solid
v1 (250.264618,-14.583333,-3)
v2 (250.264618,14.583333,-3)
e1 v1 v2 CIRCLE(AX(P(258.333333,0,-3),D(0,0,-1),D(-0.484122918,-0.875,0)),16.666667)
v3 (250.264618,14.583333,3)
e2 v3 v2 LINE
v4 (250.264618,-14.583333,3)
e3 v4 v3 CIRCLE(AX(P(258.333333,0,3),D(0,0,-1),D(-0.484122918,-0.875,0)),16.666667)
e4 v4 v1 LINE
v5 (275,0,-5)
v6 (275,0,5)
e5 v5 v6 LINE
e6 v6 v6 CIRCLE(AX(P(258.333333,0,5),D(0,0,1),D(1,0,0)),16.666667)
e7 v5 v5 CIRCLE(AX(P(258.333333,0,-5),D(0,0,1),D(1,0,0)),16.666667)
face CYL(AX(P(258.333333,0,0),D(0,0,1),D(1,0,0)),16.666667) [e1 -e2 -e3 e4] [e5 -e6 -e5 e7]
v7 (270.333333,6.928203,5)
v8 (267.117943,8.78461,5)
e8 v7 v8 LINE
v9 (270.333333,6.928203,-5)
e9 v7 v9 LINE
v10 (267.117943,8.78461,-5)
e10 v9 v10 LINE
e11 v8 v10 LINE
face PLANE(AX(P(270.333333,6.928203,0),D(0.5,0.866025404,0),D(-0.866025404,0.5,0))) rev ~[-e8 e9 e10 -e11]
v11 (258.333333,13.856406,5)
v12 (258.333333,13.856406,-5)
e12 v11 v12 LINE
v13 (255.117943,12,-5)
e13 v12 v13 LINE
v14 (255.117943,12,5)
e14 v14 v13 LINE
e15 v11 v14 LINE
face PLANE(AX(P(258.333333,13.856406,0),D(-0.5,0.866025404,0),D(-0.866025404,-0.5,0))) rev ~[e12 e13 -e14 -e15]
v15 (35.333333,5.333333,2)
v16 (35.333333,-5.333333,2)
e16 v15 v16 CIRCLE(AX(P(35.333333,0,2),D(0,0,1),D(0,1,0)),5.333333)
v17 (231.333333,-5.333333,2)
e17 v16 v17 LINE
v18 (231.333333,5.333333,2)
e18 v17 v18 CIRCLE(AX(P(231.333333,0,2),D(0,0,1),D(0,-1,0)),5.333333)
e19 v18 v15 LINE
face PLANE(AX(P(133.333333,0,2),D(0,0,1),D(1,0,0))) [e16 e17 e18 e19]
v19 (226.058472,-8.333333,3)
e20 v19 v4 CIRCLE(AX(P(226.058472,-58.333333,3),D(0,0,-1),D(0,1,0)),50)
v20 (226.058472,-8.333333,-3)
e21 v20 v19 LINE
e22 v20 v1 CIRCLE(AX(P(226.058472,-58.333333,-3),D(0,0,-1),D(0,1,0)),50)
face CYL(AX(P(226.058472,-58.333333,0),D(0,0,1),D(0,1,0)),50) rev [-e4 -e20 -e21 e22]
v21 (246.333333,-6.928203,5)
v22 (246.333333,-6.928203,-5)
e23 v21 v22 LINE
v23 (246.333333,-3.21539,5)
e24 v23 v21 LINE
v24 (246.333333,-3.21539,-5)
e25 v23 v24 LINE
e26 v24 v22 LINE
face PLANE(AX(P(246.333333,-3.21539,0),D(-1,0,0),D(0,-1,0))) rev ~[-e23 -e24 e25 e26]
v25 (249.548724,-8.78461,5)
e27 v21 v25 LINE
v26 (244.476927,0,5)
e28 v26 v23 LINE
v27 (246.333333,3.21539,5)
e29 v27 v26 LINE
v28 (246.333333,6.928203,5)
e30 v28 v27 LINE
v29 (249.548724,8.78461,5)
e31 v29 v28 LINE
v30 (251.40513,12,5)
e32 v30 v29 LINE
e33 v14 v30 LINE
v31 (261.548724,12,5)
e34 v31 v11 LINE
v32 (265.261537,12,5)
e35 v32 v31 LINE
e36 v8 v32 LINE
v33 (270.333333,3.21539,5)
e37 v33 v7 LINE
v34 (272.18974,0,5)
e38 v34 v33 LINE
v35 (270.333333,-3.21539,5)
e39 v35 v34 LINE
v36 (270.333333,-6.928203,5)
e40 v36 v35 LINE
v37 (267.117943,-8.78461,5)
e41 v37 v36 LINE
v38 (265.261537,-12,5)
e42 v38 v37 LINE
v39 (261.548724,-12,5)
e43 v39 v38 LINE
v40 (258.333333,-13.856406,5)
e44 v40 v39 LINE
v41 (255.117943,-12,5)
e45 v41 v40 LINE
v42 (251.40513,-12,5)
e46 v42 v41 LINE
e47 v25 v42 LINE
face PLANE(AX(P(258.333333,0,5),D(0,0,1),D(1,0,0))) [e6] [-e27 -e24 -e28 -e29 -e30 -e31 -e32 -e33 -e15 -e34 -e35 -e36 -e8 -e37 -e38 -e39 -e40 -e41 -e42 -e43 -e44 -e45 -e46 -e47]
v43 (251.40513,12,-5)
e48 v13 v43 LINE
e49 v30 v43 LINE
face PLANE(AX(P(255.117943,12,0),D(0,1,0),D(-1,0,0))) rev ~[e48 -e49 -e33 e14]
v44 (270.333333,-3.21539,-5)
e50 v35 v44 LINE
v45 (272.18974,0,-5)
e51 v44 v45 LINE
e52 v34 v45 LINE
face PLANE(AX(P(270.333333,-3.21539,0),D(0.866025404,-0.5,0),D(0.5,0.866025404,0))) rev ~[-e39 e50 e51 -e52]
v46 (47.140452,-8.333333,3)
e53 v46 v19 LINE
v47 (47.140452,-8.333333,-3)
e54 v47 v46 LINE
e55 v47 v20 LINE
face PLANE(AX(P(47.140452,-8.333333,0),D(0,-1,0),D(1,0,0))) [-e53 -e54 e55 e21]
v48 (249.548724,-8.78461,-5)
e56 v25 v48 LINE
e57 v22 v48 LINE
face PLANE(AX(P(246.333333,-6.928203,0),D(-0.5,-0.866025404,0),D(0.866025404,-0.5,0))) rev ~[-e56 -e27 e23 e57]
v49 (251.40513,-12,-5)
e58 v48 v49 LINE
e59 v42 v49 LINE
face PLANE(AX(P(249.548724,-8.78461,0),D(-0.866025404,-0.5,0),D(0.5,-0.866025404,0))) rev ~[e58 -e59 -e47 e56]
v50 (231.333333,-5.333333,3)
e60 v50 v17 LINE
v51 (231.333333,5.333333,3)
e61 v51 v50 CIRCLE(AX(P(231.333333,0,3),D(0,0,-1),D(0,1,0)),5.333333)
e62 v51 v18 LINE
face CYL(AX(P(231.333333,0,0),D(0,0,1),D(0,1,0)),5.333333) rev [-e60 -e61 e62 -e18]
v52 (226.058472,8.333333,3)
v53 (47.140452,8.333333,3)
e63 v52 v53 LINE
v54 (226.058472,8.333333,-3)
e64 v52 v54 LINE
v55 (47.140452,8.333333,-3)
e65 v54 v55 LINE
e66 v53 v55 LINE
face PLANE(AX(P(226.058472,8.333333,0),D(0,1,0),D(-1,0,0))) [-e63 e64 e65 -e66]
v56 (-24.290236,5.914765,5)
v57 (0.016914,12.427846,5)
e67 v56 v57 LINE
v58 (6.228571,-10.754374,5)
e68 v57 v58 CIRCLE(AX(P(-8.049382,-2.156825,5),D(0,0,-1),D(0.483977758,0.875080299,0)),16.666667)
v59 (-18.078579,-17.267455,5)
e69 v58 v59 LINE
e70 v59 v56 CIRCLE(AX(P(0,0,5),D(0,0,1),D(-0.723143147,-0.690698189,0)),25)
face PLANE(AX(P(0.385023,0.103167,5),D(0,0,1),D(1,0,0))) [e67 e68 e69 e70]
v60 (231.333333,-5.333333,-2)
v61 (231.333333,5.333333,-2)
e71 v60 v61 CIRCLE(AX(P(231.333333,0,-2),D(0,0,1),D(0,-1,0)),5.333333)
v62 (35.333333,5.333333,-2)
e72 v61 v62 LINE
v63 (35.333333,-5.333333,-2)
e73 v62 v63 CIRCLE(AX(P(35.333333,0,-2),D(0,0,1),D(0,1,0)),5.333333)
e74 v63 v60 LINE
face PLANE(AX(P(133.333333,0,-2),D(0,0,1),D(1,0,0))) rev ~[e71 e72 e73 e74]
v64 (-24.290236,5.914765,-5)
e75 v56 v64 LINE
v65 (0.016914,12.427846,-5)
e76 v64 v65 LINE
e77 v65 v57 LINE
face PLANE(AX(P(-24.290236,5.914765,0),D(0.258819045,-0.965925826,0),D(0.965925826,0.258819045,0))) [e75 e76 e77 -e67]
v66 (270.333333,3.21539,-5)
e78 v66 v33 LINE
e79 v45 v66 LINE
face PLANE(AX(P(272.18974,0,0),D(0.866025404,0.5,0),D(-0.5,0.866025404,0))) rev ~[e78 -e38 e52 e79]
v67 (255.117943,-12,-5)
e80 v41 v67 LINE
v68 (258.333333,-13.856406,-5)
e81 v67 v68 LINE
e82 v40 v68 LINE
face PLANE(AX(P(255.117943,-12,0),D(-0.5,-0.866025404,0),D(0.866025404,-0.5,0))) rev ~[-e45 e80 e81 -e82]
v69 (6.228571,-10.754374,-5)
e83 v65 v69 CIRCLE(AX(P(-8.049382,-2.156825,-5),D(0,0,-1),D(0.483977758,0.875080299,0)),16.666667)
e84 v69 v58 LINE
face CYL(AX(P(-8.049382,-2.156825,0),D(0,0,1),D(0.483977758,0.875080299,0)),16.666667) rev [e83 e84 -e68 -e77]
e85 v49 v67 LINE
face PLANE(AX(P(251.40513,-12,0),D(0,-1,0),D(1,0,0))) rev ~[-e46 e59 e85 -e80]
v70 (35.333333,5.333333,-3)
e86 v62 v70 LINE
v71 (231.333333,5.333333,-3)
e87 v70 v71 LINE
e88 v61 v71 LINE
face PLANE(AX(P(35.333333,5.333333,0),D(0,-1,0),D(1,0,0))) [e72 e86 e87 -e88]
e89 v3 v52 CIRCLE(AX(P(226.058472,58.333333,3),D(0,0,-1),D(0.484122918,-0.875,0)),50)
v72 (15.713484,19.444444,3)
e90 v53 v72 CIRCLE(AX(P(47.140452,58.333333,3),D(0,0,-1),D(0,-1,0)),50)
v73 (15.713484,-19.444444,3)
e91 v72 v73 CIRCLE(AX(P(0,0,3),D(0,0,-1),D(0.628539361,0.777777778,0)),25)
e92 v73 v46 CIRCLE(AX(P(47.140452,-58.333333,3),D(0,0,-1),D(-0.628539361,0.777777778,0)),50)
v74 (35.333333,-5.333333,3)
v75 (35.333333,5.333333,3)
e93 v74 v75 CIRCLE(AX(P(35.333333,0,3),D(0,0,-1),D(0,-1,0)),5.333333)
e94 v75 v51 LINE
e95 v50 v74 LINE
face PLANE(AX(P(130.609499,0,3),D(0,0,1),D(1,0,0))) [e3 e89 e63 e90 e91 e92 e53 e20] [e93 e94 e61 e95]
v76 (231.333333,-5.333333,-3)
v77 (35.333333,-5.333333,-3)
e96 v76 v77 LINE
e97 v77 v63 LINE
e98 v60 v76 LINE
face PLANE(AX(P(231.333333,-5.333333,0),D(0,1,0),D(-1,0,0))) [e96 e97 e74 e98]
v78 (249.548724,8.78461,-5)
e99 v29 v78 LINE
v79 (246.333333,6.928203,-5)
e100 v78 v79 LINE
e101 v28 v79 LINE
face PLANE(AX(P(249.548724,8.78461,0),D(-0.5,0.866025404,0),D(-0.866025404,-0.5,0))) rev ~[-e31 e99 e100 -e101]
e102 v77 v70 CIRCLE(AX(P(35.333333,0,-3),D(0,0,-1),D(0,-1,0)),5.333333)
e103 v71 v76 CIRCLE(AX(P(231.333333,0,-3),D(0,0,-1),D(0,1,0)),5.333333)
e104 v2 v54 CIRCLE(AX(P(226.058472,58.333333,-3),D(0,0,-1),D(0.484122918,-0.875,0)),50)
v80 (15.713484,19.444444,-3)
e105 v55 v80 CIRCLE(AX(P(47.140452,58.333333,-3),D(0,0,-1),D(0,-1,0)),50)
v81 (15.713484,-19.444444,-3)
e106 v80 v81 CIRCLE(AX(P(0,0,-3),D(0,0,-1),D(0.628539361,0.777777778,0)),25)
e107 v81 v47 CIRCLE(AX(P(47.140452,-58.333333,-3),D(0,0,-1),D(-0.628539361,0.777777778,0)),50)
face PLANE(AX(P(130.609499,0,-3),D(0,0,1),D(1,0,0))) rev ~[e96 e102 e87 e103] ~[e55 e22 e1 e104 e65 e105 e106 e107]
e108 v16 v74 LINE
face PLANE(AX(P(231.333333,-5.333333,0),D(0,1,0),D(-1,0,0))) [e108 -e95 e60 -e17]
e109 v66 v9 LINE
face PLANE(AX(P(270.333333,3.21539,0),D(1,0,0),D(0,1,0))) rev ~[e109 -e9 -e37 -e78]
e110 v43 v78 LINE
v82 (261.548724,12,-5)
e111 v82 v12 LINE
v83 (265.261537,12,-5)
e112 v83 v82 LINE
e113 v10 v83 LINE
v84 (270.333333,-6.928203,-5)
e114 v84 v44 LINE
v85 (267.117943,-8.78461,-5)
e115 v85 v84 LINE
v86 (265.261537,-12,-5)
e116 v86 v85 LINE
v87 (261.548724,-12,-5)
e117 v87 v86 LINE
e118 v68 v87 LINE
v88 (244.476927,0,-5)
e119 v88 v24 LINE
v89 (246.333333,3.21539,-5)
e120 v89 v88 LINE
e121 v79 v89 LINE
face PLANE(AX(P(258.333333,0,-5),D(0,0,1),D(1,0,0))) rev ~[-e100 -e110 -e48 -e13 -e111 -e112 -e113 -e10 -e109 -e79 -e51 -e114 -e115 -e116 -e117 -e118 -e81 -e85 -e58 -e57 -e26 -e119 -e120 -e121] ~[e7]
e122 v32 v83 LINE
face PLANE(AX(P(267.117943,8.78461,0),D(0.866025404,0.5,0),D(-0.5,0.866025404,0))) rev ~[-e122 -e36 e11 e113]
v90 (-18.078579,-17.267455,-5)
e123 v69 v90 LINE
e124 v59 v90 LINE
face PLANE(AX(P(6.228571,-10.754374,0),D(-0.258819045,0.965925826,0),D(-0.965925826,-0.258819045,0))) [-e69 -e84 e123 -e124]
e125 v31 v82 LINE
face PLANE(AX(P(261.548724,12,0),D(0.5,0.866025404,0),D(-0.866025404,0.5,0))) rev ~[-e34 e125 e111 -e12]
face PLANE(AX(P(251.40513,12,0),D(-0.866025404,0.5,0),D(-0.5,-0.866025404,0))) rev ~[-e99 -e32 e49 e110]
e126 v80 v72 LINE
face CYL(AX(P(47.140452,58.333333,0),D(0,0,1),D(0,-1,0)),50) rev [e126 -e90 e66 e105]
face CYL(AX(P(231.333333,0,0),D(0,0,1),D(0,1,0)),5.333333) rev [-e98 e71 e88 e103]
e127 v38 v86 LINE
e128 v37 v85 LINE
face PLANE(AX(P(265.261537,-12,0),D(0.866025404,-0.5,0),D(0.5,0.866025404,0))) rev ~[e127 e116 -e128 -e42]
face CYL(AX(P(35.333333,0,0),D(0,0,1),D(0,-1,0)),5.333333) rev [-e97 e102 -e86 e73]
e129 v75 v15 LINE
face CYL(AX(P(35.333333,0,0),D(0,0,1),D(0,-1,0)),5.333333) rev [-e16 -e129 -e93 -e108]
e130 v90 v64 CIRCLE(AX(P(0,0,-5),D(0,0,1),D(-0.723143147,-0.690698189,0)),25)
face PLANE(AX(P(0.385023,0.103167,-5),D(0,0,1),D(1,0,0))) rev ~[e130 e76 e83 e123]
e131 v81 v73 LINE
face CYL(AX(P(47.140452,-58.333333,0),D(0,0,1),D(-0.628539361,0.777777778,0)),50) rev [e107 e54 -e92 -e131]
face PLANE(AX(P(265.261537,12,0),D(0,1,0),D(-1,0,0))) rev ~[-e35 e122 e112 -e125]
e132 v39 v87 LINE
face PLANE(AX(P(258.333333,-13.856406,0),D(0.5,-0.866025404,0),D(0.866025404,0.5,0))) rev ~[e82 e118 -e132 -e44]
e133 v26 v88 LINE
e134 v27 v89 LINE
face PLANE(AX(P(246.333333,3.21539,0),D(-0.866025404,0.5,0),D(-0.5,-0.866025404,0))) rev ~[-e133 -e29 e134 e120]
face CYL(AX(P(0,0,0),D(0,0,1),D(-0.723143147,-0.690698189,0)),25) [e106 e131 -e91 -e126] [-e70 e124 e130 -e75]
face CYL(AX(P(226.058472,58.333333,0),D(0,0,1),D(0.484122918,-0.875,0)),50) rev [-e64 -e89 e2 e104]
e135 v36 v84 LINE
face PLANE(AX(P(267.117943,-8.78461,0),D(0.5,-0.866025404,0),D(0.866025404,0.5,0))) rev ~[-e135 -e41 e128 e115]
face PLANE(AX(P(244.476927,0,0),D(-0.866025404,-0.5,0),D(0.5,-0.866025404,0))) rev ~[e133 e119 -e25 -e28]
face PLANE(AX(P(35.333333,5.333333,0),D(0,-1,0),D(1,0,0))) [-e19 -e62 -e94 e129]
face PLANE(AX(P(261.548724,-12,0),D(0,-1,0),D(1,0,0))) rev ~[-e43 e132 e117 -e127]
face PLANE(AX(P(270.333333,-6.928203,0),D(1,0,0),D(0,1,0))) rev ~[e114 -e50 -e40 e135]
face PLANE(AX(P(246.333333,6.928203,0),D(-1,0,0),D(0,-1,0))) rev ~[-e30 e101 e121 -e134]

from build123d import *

# Parameters (mm, degrees)
BOSS_EXTRUDE1_DEPTH   = 5
SKETCH1_R             = 16.666666667
BOSS_EXTRUDE1_2_DEPTH = 5
BOSS_EXTRUDE2_DEPTH   = 3
BOSS_EXTRUDE3_DEPTH   = 2


with BuildPart() as part:
    # Sketch1 → Boss-Extrude1 (new, symmetric)
    with BuildSketch(Plane.XY):
        with BuildLine():
            ThreePointArc((-18.078578687, -17.267454724), (24.148145657, 6.470476128), (-24.290235769, 5.914765107))
            Line((-24.290235769, 5.914765107), (0.016914075, 12.427846278))
            ThreePointArc((0.016914075, 12.427846278), (8.049381886, 2.156825376), (6.228571158, -10.754373553))
            Line((6.228571158, -10.754373553), (-18.078578687, -17.267454724))
        make_face()
    extrude(amount=BOSS_EXTRUDE1_DEPTH, both=True)



with BuildPart() as body_2:
    # Sketch1 → Boss-Extrude1 2 (new, symmetric)
    with BuildSketch(Plane.XY):
        with Locations((258.333333333, 0)):
            Circle(SKETCH1_R)
        Polygon((251.405130103, 12), (255.117943024, 12), (258.333333333, 13.856406461), (261.548723643, 12), (265.261536564, 12), (267.117943024, 8.784609691), (270.333333333, 6.92820323), (270.333333333, 3.215390309), (272.189739794, 0), (270.333333333, -3.215390309), (270.333333333, -6.92820323), (267.117943024, -8.784609691), (265.261536564, -12), (261.548723643, -12), (258.333333333, -13.856406461), (255.117943024, -12), (251.405130103, -12), (249.548723643, -8.784609691), (246.333333333, -6.92820323), (246.333333333, -3.215390309), (244.476926873, 0), (246.333333333, 3.215390309), (246.333333333, 6.92820323), (249.548723643, 8.784609691), align=None, mode=Mode.SUBTRACT)
    extrude(amount=BOSS_EXTRUDE1_2_DEPTH, both=True)


with BuildPart() as part_1:
    add(part.part)

    add(body_2.part)  # Boss-Extrude2 merges body 2
    # Sketch1<3> → Boss-Extrude2 (add, symmetric)
    with BuildSketch(Plane.XY):
        with BuildLine():
            ThreePointArc((47.140452079, 8.333333333), (30.473785412, 11.192881254), (15.713484026, 19.444444444))
            ThreePointArc((15.713484026, 19.444444444), (25, 0), (15.713484026, -19.444444444))
            ThreePointArc((15.713484026, -19.444444444), (30.473785412, -11.192881254), (47.140452079, -8.333333333))
            Line((47.140452079, -8.333333333), (226.058472115, -8.333333333))
            ThreePointArc((226.058472115, -8.333333333), (238.558472115, -9.921041506), (250.264618029, -14.583333333))
            ThreePointArc((250.264618029, -14.583333333), (241.666666667, 0), (250.264618029, 14.583333333))
            ThreePointArc((250.264618029, 14.583333333), (238.558472115, 9.921041506), (226.058472115, 8.333333333))
            Line((226.058472115, 8.333333333), (47.140452079, 8.333333333))
        make_face()
        with BuildLine():
            ThreePointArc((35.333333333, -5.333333333), (30, 0), (35.333333333, 5.333333333))
            Line((35.333333333, 5.333333333), (231.333333333, 5.333333333))
            ThreePointArc((231.333333333, 5.333333333), (236.666666667, 0), (231.333333333, -5.333333333))
            Line((231.333333333, -5.333333333), (35.333333333, -5.333333333))
        make_face(mode=Mode.SUBTRACT)
    extrude(amount=BOSS_EXTRUDE2_DEPTH, both=True)

    # Sketch1<4> → Boss-Extrude3 (add, symmetric)
    with BuildSketch(Plane.XY):
        with BuildLine():
            Line((231.333333333, 5.333333333), (35.333333333, 5.333333333))
            ThreePointArc((35.333333333, 5.333333333), (30, 0), (35.333333333, -5.333333333))
            Line((35.333333333, -5.333333333), (231.333333333, -5.333333333))
            ThreePointArc((231.333333333, -5.333333333), (236.666666667, 0), (231.333333333, 5.333333333))
        make_face()
    extrude(amount=BOSS_EXTRUDE3_DEPTH, both=True)


solid = part_1.part
